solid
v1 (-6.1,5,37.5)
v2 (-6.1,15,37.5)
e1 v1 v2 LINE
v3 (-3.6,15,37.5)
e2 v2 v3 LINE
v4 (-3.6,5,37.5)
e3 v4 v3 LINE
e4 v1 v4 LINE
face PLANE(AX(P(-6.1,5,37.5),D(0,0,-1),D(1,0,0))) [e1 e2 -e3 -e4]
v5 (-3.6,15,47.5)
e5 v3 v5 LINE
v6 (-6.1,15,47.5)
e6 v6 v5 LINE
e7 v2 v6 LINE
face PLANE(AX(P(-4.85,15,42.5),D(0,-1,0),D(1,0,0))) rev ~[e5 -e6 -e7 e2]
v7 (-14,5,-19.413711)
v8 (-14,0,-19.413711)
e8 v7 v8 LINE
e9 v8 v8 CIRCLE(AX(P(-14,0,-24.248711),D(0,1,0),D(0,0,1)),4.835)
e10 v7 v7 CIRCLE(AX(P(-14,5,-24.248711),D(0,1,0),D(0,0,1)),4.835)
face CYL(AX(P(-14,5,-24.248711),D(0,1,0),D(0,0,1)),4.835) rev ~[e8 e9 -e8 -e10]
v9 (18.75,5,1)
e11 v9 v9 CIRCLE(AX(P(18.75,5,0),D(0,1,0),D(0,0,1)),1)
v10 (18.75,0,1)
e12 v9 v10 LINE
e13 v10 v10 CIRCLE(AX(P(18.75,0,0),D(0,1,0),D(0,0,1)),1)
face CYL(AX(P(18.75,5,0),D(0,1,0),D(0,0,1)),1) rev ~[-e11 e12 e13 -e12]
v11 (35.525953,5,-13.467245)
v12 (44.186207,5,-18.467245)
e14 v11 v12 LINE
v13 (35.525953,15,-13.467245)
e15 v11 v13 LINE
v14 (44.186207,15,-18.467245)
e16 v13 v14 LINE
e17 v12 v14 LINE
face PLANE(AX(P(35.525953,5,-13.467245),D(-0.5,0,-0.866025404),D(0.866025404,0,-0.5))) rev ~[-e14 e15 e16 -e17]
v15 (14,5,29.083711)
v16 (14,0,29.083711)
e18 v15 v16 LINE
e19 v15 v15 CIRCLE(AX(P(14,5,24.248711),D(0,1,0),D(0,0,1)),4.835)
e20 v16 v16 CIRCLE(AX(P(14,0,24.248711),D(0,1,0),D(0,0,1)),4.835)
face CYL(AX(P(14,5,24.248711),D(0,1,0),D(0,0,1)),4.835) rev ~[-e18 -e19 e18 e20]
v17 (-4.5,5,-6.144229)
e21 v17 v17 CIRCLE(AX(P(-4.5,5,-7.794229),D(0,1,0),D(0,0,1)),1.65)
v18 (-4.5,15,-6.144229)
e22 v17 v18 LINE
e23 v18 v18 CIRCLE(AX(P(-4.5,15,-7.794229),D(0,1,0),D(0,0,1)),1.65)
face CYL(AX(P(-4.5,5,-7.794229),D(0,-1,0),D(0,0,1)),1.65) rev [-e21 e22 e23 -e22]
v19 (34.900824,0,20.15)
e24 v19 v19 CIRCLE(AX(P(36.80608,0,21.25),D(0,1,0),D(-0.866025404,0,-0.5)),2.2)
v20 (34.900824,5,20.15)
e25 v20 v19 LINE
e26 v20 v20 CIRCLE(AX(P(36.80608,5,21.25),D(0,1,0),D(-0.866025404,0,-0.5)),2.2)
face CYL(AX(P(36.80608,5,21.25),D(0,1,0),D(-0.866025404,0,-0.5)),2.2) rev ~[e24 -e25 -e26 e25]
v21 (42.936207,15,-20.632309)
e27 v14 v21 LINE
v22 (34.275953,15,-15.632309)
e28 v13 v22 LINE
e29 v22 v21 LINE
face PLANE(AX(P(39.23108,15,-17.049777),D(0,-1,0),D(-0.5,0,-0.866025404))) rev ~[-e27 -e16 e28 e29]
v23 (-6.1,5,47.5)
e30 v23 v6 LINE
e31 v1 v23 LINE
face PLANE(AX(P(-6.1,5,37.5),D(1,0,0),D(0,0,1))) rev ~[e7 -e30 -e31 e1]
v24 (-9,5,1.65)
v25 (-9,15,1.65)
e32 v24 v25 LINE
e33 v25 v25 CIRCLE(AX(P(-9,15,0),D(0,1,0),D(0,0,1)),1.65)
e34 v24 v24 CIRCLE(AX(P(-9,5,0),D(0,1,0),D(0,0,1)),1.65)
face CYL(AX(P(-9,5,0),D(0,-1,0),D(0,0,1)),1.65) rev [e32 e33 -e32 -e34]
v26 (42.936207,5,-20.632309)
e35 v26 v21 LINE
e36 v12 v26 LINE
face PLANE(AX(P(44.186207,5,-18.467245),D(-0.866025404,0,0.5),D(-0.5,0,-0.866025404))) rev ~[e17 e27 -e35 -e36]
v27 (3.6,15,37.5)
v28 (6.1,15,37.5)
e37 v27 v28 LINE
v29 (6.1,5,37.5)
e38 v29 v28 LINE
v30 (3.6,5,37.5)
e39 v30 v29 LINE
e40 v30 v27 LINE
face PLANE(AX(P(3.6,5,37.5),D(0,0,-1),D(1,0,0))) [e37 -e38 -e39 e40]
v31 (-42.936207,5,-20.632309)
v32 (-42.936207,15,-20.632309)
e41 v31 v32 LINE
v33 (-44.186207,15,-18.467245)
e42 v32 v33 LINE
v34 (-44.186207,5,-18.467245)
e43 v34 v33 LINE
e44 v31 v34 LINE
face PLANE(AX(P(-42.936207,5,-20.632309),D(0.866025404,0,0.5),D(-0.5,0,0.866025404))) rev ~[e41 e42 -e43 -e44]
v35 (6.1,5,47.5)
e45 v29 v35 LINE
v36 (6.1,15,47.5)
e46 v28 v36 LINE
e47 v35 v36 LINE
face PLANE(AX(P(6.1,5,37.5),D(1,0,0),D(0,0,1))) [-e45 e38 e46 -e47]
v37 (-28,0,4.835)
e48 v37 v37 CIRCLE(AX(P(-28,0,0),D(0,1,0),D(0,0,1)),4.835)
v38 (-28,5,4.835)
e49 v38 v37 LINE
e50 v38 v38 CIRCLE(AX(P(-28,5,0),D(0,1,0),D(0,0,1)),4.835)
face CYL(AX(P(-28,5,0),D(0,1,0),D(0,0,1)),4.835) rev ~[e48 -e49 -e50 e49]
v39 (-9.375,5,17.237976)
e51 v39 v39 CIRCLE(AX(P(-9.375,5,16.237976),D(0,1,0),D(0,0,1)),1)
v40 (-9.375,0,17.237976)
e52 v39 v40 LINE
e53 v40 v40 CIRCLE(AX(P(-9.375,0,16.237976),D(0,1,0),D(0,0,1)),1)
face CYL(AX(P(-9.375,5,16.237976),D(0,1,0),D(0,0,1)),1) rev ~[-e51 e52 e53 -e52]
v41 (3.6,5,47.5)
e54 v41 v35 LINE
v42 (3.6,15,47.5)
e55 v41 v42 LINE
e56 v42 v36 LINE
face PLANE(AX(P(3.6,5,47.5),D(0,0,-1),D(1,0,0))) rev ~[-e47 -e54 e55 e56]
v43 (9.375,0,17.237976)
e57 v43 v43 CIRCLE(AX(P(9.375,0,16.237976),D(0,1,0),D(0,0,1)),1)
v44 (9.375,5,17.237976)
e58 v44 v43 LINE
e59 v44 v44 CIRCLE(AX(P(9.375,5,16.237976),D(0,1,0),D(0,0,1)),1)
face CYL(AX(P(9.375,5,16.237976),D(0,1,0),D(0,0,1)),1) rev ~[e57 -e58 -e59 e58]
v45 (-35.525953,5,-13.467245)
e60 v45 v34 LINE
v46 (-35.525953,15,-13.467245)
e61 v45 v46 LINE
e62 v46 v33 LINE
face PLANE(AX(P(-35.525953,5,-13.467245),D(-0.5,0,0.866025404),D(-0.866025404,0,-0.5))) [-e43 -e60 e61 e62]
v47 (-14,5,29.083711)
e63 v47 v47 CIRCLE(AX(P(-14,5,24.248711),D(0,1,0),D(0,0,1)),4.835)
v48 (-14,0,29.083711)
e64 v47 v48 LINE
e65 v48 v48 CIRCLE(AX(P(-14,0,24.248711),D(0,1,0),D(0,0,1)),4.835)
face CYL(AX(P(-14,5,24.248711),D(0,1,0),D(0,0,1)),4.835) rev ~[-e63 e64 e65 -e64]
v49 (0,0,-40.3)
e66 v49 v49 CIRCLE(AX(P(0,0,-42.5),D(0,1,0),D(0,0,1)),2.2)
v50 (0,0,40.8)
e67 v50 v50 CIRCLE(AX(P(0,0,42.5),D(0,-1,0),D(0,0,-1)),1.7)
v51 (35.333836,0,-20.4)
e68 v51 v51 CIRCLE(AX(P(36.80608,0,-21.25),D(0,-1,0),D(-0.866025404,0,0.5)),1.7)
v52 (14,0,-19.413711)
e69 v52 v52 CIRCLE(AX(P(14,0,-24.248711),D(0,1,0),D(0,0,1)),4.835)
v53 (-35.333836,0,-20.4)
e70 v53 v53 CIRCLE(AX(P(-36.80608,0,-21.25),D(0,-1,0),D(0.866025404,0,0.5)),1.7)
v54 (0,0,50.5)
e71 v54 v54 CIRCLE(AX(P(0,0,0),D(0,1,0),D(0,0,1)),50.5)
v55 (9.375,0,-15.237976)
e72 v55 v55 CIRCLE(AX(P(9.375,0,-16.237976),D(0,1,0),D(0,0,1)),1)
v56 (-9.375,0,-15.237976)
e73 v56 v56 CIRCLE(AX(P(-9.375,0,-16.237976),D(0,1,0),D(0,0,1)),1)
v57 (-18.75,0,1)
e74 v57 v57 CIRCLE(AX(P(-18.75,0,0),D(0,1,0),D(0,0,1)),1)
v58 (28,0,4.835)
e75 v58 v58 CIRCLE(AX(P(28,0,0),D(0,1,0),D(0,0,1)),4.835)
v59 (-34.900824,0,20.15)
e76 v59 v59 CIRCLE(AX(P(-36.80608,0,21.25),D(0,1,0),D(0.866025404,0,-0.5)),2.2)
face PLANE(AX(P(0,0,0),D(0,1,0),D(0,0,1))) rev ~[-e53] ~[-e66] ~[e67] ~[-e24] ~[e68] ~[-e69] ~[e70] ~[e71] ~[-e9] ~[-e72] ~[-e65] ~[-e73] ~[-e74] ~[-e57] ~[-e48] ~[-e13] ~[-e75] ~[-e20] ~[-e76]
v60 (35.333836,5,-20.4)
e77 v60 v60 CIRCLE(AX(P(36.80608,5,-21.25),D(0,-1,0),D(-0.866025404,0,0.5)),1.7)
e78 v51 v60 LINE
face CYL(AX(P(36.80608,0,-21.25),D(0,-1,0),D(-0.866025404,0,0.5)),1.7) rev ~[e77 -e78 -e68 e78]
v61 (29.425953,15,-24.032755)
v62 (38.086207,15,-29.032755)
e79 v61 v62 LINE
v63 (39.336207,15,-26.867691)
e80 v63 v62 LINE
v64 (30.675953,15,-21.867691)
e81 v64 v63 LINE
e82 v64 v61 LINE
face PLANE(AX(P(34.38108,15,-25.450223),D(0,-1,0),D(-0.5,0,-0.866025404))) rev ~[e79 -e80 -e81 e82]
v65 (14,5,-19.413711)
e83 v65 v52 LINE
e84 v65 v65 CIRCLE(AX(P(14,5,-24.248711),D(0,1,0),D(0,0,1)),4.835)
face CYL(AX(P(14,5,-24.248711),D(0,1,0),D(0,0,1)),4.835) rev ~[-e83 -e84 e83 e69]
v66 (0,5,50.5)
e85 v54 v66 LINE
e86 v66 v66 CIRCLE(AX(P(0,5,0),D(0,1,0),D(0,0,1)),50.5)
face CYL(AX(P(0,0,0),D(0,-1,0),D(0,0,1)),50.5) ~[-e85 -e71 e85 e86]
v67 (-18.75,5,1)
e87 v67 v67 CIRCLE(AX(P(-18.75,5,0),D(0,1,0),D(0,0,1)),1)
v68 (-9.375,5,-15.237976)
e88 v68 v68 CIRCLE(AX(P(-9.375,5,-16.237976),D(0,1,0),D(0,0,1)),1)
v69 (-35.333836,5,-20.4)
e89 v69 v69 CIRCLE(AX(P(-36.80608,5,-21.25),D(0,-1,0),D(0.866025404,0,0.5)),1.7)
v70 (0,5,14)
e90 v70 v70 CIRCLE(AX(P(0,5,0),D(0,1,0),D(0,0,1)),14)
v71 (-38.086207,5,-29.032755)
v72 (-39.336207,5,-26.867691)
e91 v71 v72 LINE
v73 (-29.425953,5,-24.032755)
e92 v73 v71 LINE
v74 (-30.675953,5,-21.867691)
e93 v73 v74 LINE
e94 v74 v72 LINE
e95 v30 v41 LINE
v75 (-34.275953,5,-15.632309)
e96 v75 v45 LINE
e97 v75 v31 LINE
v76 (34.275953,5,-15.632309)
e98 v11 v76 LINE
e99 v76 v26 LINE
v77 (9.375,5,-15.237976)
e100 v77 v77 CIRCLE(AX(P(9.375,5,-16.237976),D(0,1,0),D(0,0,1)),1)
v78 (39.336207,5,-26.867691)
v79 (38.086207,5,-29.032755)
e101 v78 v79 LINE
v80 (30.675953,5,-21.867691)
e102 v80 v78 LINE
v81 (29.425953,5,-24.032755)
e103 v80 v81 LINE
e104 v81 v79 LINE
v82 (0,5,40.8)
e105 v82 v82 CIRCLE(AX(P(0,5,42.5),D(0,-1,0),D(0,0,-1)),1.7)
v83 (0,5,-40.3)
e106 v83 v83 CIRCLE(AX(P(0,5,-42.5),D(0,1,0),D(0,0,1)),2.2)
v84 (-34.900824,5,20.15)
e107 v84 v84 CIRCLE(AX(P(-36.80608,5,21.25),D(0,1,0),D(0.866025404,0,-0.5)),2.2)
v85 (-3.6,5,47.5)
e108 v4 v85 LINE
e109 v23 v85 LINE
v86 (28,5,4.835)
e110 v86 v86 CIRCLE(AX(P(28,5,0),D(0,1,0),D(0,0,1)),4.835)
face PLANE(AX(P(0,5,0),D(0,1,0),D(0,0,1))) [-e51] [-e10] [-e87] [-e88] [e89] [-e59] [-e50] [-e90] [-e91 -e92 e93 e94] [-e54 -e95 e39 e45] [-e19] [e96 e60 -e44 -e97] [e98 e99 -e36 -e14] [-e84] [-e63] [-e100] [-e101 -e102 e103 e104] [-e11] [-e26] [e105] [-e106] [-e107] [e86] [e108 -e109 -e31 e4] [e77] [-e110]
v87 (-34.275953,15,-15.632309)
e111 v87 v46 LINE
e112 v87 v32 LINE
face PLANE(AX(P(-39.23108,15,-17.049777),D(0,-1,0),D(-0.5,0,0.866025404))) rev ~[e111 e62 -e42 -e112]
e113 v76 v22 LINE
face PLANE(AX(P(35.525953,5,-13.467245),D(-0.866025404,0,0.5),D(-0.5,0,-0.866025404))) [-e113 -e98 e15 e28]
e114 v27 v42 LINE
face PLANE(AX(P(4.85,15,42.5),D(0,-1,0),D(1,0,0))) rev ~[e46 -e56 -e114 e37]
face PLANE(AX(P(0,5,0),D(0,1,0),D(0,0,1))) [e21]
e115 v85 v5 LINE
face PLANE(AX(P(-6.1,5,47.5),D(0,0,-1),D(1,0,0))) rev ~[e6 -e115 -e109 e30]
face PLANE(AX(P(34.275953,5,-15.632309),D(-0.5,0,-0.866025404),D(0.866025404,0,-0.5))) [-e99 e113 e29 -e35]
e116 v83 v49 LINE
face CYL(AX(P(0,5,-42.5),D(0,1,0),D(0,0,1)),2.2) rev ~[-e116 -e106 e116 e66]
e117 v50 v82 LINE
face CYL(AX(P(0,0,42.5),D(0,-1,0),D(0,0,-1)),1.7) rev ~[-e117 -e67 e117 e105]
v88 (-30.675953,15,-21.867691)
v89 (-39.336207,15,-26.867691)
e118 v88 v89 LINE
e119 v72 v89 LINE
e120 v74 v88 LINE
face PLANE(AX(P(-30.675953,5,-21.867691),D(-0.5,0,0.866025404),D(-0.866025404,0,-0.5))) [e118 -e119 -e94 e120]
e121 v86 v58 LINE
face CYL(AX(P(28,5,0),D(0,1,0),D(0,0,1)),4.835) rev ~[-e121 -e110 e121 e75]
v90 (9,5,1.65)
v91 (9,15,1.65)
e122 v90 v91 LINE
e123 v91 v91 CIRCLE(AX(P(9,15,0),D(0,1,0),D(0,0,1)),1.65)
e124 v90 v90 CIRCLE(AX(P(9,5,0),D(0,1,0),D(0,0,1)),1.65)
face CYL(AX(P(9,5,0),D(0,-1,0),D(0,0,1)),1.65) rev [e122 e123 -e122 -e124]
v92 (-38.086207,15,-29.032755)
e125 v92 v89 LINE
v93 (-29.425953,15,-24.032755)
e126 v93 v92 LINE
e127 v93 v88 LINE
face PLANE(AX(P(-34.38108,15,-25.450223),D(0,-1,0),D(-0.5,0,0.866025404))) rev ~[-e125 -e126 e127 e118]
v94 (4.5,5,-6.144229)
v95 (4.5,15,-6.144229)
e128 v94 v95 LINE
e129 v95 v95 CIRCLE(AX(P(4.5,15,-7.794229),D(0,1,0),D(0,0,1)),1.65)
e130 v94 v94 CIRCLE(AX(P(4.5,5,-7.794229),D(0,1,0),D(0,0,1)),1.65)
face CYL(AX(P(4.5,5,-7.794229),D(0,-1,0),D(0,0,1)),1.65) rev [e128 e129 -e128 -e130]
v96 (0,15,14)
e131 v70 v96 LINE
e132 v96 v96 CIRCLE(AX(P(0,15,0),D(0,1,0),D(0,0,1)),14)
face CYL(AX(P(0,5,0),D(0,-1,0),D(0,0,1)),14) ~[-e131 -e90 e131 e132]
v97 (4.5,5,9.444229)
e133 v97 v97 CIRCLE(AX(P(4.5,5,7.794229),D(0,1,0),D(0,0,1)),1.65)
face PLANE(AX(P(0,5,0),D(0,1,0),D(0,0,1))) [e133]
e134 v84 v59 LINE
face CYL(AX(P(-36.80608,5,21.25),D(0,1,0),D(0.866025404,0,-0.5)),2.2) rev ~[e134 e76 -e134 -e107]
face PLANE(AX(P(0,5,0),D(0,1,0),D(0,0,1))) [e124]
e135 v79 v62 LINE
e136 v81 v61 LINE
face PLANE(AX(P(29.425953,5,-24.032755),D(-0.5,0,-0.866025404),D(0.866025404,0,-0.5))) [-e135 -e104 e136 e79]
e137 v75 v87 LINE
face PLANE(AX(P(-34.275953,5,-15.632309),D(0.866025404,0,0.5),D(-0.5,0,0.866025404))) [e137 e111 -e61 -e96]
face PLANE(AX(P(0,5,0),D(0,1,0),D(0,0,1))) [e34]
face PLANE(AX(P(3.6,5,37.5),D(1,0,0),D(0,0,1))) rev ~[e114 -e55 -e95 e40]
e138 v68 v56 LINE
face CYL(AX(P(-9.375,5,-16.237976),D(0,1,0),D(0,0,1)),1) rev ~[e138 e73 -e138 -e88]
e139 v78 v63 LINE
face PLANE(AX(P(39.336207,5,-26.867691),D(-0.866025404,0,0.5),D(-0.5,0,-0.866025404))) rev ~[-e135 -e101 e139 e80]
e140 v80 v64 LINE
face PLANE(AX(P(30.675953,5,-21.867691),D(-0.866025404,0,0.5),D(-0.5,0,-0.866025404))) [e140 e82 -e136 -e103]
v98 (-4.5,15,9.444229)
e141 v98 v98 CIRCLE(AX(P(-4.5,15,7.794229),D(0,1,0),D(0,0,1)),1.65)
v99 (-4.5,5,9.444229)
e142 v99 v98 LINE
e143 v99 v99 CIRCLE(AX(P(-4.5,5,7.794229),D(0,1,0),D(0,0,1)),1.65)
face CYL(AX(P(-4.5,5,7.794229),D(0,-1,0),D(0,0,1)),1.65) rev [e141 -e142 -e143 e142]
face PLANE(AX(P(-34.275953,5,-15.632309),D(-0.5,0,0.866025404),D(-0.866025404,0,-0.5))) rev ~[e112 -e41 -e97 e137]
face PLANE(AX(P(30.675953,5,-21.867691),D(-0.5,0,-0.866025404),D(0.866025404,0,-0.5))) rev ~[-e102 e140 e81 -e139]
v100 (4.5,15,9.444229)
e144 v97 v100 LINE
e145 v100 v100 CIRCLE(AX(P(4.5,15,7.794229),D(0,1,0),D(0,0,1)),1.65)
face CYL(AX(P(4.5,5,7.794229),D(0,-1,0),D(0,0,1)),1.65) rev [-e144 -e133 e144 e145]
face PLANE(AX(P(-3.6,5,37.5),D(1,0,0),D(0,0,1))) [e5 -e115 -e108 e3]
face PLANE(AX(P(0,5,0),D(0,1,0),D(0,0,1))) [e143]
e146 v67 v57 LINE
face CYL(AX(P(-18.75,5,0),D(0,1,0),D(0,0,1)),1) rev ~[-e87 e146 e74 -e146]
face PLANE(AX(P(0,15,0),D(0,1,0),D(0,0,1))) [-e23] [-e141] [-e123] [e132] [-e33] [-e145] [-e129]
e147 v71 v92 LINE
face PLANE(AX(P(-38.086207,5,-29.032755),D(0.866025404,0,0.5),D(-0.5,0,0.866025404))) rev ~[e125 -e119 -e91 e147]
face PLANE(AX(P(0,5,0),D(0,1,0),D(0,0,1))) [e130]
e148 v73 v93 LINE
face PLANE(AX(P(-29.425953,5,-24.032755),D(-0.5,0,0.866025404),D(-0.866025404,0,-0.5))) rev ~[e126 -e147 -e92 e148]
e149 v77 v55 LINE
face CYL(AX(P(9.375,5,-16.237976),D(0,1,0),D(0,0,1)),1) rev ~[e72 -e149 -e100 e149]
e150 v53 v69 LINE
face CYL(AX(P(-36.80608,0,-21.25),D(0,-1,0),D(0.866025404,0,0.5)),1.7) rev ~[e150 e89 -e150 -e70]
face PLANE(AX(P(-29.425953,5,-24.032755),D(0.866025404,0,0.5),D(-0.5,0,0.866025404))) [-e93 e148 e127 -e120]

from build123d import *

# Parameters (mm, degrees)
SKETCH1_R           = 50.5
BOSS_EXTRUDE1_DEPTH = 5
SKETCH3_R           = 14
SKETCH3_R_2         = 1.65
BOSS_EXTRUDE2_DEPTH = 10
SKETCH6_R           = 1
CUT_EXTRUDE4_DEPTH  = 10
SKETCH5_R           = 4.835
CUT_EXTRUDE3_DEPTH  = 73.114492302
CUT_EXTRUDE10_REACH = 74.976
SKETCH12_R          = 1.7
SKETCH15_W          = 2.5
SKETCH15_H          = 10
BOSS_EXTRUDE3_DEPTH = 10
CUT_EXTRUDE11_REACH = 74.114
SKETCH13_R          = 2.2
CIRPATTERN1_COUNT   = 3


with BuildPart() as part:
    # Sketch1 → Boss-Extrude1 (new body)
    with BuildSketch(Plane(origin=(0, 0, 0), x_dir=(1, 0, 0), z_dir=(0, 1, 0))):
        with Locations(Location((0, 0, 0), (0, 0, 270))):
            Circle(SKETCH1_R)
    extrude(amount=BOSS_EXTRUDE1_DEPTH)

    # Sketch3 → Boss-Extrude2 (add)
    with BuildSketch(Plane(origin=(0, 5, 0), x_dir=(1, 0, 0), z_dir=(0, 1, 0))):
        with Locations(Location((0, 0, 0), (0, 0, 270))):
            Circle(SKETCH3_R)
        with Locations(Location((9, 0, 0), (0, 0, 270))):
            Circle(SKETCH3_R_2, mode=Mode.SUBTRACT)
        with Locations(Location((4.5, -7.794228634, 0), (0, 0, 270))):
            Circle(SKETCH3_R_2, mode=Mode.SUBTRACT)
        with Locations(Location((-4.5, -7.794228634, 0), (0, 0, 270))):
            Circle(SKETCH3_R_2, mode=Mode.SUBTRACT)
        with Locations(Location((-9, 0, 0), (0, 0, 270))):
            Circle(SKETCH3_R_2, mode=Mode.SUBTRACT)
        with Locations(Location((-4.5, 7.794228634, 0), (0, 0, 270))):
            Circle(SKETCH3_R_2, mode=Mode.SUBTRACT)
        with Locations(Location((4.5, 7.794228634, 0), (0, 0, 270))):
            Circle(SKETCH3_R_2, mode=Mode.SUBTRACT)
    extrude(amount=BOSS_EXTRUDE2_DEPTH)

    # Sketch6 → Cut-Extrude4 (cut)
    with BuildSketch(Plane(origin=(0, 5, 0), x_dir=(1, 0, 0), z_dir=(0, 1, 0))):
        with Locations(Location((18.75, 0, 0), (0, 0, 270))):
            Circle(SKETCH6_R)
        with Locations(Location((9.375, -16.237976321, 0), (0, 0, 270))):
            Circle(SKETCH6_R)
        with Locations(Location((-9.375, -16.237976321, 0), (0, 0, 270))):
            Circle(SKETCH6_R)
        with Locations(Location((-18.75, 0, 0), (0, 0, 270))):
            Circle(SKETCH6_R)
        with Locations(Location((-9.375, 16.237976321, 0), (0, 0, 270))):
            Circle(SKETCH6_R)
        with Locations(Location((9.375, 16.237976321, 0), (0, 0, 270))):
            Circle(SKETCH6_R)
    extrude(amount=-CUT_EXTRUDE4_DEPTH, mode=Mode.SUBTRACT)

    # Sketch5 → Cut-Extrude3 (cut, through all)
    with BuildSketch(Plane(origin=(0, 5, 0), x_dir=(1, 0, 0), z_dir=(0, 1, 0))):
        with Locations(Location((28, 0, 0), (0, 0, 270))):
            Circle(SKETCH5_R)
        with Locations(Location((14, -24.248711306, 0), (0, 0, 270))):
            Circle(SKETCH5_R)
        with Locations(Location((-14, -24.248711306, 0), (0, 0, 270))):
            Circle(SKETCH5_R)
        with Locations(Location((-28, 0, 0), (0, 0, 270))):
            Circle(SKETCH5_R)
        with Locations(Location((-14, 24.248711306, 0), (0, 0, 270))):
            Circle(SKETCH5_R)
        with Locations(Location((14, 24.248711306, 0), (0, 0, 270))):
            Circle(SKETCH5_R)
    extrude(amount=-CUT_EXTRUDE3_DEPTH, mode=Mode.SUBTRACT)

    # Sketch12 → Cut-Extrude10 (cut, up to next)
    with BuildSketch(Plane.XZ, mode=Mode.PRIVATE) as cut_extrude10_sk1:
        with Locations(Location((0, 42.5, 0), (0, 0, 270))):
            Circle(SKETCH12_R)
    cut_extrude10_tool1 = extrude(cut_extrude10_sk1.sketch, amount=-CUT_EXTRUDE10_REACH, mode=Mode.PRIVATE) & part.part
    cut_extrude10 = cut_extrude10_tool1.solids().sort_by_distance((0, 0, 42.5))[0]
    add(cut_extrude10, mode=Mode.SUBTRACT)

    # Sketch15 → Boss-Extrude3 (add)
    with BuildSketch(Plane.XZ.offset(-5)):
        with Locations((-4.85, 42.5)):
            Rectangle(SKETCH15_W, SKETCH15_H)
        with Locations((4.85, 42.5)):
            Rectangle(SKETCH15_W, SKETCH15_H)
    boss_extrude3 = extrude(amount=-BOSS_EXTRUDE3_DEPTH)

    # Sketch13 → Cut-Extrude11 (cut, up to next)
    with BuildSketch(Plane(origin=(0, 5, 0), x_dir=(1, 0, 0), z_dir=(0, 1, 0)), mode=Mode.PRIVATE) as cut_extrude11_sk1:
        with Locations(Location((0, 42.5, 0), (0, 0, 270))):
            Circle(SKETCH13_R)
    cut_extrude11_tool1 = extrude(cut_extrude11_sk1.sketch, amount=-CUT_EXTRUDE11_REACH, mode=Mode.PRIVATE) & part.part
    cut_extrude11 = cut_extrude11_tool1.solids().sort_by_distance((0, 5, -42.5))[0]
    add(cut_extrude11, mode=Mode.SUBTRACT)

    # CirPattern1: Cut-Extrude10, Boss-Extrude3, Cut-Extrude11 ×3 about axis
    cirpattern1_axis = Axis((0, 0, 0), (0, 1, 0))
    add([cut_extrude10.rotate(cirpattern1_axis, i * 360 / CIRPATTERN1_COUNT) for i in range(1, CIRPATTERN1_COUNT)], mode=Mode.SUBTRACT)
    add([boss_extrude3.rotate(cirpattern1_axis, i * 360 / CIRPATTERN1_COUNT) for i in range(1, CIRPATTERN1_COUNT)])
    add([cut_extrude11.rotate(cirpattern1_axis, i * 360 / CIRPATTERN1_COUNT) for i in range(1, CIRPATTERN1_COUNT)], mode=Mode.SUBTRACT)


solid = part.part
